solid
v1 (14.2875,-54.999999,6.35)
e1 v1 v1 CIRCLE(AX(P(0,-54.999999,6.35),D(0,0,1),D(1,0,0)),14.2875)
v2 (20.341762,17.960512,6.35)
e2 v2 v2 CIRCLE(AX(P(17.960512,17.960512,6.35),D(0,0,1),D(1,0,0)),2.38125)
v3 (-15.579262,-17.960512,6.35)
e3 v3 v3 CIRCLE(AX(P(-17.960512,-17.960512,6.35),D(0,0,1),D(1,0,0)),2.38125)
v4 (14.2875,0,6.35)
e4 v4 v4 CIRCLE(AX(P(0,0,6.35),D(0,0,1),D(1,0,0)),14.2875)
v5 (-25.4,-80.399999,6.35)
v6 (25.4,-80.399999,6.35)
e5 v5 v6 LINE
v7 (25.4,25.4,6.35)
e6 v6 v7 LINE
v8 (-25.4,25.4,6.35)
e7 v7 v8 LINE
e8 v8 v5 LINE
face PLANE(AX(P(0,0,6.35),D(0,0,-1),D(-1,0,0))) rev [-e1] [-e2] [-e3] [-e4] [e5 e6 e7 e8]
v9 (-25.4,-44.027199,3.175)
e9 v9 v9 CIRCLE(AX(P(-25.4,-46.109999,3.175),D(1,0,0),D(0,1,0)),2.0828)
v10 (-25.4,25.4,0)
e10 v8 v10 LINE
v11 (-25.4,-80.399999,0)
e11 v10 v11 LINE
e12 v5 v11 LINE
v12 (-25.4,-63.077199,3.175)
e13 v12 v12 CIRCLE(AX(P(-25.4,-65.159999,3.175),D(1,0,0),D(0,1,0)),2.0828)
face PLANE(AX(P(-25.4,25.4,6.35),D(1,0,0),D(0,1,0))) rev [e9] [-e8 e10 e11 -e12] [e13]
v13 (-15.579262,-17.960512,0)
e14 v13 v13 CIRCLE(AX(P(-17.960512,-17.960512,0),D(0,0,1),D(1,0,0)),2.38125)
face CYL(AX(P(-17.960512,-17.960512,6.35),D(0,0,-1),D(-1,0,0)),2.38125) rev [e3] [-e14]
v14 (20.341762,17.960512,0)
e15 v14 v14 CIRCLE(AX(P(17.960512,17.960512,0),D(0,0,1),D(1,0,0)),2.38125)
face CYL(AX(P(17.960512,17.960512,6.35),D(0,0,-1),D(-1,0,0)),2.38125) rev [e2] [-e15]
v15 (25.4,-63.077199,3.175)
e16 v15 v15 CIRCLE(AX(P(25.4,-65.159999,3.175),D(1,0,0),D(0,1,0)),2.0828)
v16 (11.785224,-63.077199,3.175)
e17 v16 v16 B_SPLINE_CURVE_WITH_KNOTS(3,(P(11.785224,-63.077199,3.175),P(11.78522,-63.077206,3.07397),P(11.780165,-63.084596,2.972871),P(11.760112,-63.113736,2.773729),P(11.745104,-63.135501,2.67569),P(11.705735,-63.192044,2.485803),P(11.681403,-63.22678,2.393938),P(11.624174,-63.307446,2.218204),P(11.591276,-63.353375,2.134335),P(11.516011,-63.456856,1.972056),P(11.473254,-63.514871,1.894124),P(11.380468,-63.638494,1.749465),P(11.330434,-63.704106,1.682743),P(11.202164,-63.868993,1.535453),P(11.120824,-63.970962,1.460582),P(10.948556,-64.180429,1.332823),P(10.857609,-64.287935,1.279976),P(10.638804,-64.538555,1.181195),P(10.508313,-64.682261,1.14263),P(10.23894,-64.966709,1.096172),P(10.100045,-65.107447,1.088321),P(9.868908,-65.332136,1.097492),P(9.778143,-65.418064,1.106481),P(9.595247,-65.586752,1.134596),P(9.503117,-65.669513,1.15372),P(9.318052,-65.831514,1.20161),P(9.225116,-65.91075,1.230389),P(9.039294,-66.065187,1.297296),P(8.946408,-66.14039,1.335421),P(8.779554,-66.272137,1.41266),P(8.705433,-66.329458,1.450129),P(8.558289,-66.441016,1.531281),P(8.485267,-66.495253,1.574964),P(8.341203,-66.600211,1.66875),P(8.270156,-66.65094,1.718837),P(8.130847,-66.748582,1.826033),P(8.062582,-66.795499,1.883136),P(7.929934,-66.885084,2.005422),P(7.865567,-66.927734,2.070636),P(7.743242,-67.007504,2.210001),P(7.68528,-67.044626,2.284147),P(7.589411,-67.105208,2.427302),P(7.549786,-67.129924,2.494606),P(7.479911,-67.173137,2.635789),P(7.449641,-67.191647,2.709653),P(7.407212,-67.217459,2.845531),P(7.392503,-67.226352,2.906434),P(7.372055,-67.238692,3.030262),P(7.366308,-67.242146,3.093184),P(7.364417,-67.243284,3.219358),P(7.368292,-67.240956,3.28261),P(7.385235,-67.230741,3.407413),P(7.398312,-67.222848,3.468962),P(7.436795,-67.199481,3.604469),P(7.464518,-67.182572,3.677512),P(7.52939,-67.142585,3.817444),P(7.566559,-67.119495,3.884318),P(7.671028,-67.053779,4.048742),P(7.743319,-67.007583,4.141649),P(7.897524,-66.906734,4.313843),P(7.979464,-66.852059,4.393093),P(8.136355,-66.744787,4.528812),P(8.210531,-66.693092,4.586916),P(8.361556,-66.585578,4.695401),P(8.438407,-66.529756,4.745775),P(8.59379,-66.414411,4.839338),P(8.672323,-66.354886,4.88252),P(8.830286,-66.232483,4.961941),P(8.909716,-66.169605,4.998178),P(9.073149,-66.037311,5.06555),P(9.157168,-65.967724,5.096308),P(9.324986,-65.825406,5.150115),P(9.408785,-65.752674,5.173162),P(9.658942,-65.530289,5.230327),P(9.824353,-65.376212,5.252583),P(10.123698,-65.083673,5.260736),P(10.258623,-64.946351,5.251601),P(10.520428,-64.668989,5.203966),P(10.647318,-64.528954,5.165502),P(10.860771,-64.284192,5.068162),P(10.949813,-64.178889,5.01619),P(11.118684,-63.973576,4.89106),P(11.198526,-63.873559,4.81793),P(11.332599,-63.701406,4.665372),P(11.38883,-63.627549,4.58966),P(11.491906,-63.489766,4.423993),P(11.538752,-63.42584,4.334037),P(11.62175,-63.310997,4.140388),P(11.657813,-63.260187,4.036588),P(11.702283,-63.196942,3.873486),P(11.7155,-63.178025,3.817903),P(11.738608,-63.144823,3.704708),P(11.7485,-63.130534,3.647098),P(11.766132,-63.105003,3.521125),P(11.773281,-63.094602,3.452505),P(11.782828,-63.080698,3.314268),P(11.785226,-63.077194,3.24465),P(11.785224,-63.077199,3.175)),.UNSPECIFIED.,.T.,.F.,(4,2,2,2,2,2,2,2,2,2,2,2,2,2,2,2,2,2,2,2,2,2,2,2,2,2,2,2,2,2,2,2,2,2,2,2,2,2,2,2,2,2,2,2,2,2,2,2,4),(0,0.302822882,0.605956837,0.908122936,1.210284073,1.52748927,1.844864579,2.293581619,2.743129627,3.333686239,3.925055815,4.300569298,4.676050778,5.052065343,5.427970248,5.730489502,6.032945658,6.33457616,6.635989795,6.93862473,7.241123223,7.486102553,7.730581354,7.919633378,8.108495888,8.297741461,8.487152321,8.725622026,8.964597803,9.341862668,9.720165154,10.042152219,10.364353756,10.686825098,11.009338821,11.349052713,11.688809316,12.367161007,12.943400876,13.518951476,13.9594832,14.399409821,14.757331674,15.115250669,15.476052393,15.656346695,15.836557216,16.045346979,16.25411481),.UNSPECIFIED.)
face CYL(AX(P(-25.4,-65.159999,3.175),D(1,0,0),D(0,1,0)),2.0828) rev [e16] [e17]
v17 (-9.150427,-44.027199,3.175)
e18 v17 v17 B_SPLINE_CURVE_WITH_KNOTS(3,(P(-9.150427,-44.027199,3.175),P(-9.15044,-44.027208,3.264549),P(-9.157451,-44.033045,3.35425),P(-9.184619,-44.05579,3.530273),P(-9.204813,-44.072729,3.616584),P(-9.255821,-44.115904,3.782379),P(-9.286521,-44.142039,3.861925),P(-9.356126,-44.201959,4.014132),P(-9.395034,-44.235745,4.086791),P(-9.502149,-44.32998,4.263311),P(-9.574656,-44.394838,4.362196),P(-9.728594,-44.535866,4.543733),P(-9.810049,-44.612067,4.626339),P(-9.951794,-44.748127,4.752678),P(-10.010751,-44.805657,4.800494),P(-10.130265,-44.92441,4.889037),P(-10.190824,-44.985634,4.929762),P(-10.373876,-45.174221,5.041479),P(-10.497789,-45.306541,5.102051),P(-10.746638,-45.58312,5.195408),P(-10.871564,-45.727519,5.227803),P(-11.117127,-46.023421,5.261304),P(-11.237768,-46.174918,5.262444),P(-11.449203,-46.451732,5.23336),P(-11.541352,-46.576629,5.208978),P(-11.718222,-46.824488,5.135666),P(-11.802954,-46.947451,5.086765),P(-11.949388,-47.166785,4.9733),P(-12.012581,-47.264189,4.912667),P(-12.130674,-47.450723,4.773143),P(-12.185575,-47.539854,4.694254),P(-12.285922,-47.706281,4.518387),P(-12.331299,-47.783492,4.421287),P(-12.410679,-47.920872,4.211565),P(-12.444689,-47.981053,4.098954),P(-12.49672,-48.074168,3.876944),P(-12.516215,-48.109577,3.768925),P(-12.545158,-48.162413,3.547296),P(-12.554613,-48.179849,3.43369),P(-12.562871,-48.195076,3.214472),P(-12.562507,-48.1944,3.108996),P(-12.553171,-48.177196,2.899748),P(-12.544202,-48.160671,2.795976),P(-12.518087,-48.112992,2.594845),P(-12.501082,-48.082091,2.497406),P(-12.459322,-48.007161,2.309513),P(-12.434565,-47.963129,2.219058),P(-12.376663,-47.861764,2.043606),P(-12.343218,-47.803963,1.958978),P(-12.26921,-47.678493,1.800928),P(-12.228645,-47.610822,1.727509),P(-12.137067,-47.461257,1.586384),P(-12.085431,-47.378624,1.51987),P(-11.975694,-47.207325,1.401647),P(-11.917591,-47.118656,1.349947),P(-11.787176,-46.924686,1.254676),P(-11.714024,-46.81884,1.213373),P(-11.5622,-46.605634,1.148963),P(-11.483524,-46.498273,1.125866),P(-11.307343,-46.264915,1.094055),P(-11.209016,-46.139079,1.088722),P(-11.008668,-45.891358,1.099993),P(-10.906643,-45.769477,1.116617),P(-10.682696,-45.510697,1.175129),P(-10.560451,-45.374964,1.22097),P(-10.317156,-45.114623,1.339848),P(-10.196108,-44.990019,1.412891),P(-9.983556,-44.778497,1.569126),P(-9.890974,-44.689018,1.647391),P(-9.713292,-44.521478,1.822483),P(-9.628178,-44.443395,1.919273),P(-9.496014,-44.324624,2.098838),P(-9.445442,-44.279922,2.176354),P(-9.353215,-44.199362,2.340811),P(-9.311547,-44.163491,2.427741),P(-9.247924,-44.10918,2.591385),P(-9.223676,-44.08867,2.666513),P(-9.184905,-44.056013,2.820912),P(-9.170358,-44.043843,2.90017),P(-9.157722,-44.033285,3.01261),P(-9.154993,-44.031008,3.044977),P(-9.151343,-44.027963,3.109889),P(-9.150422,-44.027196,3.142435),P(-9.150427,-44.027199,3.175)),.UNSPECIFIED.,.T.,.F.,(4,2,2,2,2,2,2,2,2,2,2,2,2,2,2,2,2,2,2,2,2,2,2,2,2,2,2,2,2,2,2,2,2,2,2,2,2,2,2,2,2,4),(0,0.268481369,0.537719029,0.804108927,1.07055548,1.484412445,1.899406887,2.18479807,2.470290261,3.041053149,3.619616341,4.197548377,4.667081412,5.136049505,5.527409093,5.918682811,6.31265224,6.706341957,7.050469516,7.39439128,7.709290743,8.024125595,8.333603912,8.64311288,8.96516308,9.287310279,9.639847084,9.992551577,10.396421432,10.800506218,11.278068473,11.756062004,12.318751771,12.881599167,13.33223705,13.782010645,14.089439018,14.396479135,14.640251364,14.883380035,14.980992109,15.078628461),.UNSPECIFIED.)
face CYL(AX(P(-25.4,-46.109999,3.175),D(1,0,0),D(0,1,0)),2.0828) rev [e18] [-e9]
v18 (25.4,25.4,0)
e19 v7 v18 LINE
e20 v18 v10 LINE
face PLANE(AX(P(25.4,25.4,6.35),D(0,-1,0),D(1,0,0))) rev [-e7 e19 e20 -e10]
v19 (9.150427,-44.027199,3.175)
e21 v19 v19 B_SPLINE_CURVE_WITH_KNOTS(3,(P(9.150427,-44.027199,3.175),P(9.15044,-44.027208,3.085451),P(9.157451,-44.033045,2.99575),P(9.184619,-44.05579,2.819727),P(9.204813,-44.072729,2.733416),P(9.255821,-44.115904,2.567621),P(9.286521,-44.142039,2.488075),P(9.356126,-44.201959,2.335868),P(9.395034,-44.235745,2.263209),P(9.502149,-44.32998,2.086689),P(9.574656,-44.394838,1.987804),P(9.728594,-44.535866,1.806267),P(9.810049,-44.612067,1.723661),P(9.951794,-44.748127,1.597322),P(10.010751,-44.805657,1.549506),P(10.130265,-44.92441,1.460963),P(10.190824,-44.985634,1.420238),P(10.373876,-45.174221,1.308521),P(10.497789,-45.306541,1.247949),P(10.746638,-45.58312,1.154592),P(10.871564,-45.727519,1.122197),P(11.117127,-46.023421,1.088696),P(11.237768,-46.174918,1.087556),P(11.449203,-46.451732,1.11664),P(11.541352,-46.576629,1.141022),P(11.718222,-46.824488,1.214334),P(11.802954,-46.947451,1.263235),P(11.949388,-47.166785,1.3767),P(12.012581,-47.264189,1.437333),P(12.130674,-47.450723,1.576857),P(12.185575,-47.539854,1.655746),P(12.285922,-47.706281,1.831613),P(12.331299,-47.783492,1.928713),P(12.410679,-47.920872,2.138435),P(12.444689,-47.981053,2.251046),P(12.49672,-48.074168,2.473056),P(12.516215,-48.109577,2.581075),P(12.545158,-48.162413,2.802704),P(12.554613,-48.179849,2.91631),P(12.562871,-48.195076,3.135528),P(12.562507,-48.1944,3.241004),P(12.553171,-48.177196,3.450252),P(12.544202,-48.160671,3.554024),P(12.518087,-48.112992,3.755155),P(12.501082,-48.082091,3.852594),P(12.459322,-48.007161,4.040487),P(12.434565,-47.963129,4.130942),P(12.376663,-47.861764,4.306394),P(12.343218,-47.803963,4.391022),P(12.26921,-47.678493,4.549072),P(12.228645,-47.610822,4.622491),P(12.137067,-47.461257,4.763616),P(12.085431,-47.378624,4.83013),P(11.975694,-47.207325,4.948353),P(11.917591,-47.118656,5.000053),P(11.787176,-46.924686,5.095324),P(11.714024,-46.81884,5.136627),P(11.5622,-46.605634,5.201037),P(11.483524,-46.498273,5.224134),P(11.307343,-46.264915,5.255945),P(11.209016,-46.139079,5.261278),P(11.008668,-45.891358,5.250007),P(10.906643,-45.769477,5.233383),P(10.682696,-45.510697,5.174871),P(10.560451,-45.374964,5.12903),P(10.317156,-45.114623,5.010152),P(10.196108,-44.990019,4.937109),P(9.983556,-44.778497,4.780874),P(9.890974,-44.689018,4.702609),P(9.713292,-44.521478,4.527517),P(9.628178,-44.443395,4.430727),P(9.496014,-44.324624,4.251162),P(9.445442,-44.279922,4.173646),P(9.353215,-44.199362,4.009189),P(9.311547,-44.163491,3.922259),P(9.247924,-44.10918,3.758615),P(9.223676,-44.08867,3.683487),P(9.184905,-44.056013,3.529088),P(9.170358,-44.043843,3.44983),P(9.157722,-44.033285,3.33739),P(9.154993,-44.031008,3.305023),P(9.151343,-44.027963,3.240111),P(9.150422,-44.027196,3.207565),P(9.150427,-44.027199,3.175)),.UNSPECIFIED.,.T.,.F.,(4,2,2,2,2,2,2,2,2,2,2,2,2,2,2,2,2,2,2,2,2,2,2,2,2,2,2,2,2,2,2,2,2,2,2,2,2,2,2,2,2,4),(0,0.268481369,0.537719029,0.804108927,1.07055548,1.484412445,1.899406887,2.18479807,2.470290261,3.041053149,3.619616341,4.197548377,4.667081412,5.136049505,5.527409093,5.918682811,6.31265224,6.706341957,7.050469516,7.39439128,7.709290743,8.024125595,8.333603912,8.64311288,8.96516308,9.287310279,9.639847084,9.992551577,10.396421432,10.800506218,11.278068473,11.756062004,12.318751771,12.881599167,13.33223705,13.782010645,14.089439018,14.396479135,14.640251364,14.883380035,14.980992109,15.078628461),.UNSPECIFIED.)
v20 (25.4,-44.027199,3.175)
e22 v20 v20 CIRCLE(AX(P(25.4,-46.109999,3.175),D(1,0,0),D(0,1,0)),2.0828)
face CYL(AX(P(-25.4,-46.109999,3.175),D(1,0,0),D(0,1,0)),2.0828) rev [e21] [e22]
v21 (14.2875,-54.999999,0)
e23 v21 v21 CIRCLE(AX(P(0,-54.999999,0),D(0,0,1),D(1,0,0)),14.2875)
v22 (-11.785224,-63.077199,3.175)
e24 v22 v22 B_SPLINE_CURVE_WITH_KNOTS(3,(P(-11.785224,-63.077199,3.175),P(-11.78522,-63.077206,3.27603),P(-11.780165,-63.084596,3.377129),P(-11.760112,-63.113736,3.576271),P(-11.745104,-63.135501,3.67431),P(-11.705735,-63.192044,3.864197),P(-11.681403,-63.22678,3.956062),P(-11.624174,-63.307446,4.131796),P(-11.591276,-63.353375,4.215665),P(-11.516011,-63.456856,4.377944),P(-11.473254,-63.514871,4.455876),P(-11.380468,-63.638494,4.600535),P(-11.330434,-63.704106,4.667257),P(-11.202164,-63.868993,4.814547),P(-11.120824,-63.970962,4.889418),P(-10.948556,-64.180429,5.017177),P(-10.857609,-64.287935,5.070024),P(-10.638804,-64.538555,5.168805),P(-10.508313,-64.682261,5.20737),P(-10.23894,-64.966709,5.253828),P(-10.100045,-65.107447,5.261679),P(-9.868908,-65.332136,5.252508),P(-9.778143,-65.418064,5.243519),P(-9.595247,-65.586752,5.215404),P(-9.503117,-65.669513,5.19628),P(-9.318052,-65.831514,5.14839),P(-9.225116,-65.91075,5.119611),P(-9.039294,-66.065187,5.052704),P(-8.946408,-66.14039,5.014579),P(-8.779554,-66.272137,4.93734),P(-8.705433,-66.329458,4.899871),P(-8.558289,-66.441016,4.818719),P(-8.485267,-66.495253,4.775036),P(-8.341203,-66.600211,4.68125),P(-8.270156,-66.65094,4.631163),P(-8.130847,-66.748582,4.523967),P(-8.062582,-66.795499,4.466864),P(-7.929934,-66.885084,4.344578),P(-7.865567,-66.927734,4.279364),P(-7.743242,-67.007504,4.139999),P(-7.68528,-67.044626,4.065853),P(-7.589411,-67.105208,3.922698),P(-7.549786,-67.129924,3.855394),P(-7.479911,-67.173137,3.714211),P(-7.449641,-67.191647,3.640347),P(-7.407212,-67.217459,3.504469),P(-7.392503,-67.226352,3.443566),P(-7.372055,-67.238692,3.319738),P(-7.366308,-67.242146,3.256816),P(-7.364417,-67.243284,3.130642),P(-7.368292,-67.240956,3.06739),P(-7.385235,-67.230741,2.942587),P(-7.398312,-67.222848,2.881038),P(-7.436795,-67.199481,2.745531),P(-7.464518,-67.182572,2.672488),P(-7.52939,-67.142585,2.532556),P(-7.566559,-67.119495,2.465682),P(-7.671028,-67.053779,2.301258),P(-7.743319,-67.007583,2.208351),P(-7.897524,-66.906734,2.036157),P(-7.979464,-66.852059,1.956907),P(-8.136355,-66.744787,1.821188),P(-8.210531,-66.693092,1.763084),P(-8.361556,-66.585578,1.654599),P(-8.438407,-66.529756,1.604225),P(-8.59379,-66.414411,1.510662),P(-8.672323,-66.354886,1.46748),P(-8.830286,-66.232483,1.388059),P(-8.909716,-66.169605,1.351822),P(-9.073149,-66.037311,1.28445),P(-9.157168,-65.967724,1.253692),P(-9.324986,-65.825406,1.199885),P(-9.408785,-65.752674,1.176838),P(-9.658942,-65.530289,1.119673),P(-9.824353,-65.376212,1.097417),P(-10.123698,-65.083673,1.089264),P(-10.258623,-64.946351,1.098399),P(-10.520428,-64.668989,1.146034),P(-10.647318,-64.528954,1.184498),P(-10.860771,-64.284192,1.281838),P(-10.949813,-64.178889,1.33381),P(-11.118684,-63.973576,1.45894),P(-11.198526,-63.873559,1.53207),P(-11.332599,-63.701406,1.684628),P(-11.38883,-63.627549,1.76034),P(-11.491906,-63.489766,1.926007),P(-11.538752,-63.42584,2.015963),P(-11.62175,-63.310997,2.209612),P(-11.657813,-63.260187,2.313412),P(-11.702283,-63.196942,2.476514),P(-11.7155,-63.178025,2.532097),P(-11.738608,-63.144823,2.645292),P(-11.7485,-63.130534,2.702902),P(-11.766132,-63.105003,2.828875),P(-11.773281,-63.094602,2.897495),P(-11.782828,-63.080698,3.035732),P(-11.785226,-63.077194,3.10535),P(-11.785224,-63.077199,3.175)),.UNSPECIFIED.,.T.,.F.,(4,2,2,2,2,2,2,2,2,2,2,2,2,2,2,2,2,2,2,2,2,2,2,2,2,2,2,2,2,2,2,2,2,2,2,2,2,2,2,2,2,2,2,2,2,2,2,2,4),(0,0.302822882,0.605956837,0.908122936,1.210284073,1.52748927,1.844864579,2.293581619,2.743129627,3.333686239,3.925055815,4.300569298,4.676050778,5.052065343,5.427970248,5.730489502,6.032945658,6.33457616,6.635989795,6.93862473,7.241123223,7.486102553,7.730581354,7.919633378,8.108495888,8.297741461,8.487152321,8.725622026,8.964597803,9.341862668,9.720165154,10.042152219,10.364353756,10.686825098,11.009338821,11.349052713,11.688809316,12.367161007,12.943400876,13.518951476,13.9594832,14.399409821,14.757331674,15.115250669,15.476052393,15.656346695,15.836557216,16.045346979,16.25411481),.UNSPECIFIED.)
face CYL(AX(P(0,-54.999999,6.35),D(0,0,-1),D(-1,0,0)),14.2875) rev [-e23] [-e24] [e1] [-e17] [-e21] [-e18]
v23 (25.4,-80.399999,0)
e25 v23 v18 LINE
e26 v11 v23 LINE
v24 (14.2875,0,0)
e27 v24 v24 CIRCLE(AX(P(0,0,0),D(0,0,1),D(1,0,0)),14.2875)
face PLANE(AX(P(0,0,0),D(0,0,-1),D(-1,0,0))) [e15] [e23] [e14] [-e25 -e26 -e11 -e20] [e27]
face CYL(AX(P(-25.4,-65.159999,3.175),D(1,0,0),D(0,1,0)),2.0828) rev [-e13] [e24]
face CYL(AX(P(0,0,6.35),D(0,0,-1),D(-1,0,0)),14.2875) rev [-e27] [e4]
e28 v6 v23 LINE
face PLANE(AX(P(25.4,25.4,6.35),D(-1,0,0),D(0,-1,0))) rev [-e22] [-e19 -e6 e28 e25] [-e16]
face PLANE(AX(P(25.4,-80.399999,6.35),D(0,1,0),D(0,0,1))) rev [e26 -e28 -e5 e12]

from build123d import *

# Parameters (mm, degrees)
SKETCH2_W           = 50.8
SKETCH2_H           = 105.799998966
SKETCH2_R           = 14.2875
SKETCH2_R_2         = 2.38125
BOSS_EXTRUDE1_DEPTH = 6.35
SKETCH6_R           = 2.0828
CUT_EXTRUDE1_DEPTH  = 51.8


with BuildPart() as part:
    # Sketch2 → Boss-Extrude1 (new body)
    with BuildSketch(Plane.XY):
        with Locations((0, -27.499999483)):
            Rectangle(SKETCH2_W, SKETCH2_H)
        Circle(SKETCH2_R, mode=Mode.SUBTRACT)
        with Locations((0, -54.999998966)):
            Circle(SKETCH2_R, mode=Mode.SUBTRACT)
        with Locations((-17.960512242, -17.960512242)):
            Circle(SKETCH2_R_2, mode=Mode.SUBTRACT)
        with Locations((17.960512242, 17.960512242)):
            Circle(SKETCH2_R_2, mode=Mode.SUBTRACT)
    extrude(amount=BOSS_EXTRUDE1_DEPTH)

    # Sketch6 → Cut-Extrude1 (cut, through all)
    with BuildSketch(Plane(origin=(25.4, 0, 0), x_dir=(0, 0, -1), z_dir=(1, 0, 0))):
        with Locations((-3.175, -65.159998966)):
            Circle(SKETCH6_R)
        with Locations((-3.175, -46.109998966)):
            Circle(SKETCH6_R)
    extrude(amount=-CUT_EXTRUDE1_DEPTH, mode=Mode.SUBTRACT)


solid = part.part
